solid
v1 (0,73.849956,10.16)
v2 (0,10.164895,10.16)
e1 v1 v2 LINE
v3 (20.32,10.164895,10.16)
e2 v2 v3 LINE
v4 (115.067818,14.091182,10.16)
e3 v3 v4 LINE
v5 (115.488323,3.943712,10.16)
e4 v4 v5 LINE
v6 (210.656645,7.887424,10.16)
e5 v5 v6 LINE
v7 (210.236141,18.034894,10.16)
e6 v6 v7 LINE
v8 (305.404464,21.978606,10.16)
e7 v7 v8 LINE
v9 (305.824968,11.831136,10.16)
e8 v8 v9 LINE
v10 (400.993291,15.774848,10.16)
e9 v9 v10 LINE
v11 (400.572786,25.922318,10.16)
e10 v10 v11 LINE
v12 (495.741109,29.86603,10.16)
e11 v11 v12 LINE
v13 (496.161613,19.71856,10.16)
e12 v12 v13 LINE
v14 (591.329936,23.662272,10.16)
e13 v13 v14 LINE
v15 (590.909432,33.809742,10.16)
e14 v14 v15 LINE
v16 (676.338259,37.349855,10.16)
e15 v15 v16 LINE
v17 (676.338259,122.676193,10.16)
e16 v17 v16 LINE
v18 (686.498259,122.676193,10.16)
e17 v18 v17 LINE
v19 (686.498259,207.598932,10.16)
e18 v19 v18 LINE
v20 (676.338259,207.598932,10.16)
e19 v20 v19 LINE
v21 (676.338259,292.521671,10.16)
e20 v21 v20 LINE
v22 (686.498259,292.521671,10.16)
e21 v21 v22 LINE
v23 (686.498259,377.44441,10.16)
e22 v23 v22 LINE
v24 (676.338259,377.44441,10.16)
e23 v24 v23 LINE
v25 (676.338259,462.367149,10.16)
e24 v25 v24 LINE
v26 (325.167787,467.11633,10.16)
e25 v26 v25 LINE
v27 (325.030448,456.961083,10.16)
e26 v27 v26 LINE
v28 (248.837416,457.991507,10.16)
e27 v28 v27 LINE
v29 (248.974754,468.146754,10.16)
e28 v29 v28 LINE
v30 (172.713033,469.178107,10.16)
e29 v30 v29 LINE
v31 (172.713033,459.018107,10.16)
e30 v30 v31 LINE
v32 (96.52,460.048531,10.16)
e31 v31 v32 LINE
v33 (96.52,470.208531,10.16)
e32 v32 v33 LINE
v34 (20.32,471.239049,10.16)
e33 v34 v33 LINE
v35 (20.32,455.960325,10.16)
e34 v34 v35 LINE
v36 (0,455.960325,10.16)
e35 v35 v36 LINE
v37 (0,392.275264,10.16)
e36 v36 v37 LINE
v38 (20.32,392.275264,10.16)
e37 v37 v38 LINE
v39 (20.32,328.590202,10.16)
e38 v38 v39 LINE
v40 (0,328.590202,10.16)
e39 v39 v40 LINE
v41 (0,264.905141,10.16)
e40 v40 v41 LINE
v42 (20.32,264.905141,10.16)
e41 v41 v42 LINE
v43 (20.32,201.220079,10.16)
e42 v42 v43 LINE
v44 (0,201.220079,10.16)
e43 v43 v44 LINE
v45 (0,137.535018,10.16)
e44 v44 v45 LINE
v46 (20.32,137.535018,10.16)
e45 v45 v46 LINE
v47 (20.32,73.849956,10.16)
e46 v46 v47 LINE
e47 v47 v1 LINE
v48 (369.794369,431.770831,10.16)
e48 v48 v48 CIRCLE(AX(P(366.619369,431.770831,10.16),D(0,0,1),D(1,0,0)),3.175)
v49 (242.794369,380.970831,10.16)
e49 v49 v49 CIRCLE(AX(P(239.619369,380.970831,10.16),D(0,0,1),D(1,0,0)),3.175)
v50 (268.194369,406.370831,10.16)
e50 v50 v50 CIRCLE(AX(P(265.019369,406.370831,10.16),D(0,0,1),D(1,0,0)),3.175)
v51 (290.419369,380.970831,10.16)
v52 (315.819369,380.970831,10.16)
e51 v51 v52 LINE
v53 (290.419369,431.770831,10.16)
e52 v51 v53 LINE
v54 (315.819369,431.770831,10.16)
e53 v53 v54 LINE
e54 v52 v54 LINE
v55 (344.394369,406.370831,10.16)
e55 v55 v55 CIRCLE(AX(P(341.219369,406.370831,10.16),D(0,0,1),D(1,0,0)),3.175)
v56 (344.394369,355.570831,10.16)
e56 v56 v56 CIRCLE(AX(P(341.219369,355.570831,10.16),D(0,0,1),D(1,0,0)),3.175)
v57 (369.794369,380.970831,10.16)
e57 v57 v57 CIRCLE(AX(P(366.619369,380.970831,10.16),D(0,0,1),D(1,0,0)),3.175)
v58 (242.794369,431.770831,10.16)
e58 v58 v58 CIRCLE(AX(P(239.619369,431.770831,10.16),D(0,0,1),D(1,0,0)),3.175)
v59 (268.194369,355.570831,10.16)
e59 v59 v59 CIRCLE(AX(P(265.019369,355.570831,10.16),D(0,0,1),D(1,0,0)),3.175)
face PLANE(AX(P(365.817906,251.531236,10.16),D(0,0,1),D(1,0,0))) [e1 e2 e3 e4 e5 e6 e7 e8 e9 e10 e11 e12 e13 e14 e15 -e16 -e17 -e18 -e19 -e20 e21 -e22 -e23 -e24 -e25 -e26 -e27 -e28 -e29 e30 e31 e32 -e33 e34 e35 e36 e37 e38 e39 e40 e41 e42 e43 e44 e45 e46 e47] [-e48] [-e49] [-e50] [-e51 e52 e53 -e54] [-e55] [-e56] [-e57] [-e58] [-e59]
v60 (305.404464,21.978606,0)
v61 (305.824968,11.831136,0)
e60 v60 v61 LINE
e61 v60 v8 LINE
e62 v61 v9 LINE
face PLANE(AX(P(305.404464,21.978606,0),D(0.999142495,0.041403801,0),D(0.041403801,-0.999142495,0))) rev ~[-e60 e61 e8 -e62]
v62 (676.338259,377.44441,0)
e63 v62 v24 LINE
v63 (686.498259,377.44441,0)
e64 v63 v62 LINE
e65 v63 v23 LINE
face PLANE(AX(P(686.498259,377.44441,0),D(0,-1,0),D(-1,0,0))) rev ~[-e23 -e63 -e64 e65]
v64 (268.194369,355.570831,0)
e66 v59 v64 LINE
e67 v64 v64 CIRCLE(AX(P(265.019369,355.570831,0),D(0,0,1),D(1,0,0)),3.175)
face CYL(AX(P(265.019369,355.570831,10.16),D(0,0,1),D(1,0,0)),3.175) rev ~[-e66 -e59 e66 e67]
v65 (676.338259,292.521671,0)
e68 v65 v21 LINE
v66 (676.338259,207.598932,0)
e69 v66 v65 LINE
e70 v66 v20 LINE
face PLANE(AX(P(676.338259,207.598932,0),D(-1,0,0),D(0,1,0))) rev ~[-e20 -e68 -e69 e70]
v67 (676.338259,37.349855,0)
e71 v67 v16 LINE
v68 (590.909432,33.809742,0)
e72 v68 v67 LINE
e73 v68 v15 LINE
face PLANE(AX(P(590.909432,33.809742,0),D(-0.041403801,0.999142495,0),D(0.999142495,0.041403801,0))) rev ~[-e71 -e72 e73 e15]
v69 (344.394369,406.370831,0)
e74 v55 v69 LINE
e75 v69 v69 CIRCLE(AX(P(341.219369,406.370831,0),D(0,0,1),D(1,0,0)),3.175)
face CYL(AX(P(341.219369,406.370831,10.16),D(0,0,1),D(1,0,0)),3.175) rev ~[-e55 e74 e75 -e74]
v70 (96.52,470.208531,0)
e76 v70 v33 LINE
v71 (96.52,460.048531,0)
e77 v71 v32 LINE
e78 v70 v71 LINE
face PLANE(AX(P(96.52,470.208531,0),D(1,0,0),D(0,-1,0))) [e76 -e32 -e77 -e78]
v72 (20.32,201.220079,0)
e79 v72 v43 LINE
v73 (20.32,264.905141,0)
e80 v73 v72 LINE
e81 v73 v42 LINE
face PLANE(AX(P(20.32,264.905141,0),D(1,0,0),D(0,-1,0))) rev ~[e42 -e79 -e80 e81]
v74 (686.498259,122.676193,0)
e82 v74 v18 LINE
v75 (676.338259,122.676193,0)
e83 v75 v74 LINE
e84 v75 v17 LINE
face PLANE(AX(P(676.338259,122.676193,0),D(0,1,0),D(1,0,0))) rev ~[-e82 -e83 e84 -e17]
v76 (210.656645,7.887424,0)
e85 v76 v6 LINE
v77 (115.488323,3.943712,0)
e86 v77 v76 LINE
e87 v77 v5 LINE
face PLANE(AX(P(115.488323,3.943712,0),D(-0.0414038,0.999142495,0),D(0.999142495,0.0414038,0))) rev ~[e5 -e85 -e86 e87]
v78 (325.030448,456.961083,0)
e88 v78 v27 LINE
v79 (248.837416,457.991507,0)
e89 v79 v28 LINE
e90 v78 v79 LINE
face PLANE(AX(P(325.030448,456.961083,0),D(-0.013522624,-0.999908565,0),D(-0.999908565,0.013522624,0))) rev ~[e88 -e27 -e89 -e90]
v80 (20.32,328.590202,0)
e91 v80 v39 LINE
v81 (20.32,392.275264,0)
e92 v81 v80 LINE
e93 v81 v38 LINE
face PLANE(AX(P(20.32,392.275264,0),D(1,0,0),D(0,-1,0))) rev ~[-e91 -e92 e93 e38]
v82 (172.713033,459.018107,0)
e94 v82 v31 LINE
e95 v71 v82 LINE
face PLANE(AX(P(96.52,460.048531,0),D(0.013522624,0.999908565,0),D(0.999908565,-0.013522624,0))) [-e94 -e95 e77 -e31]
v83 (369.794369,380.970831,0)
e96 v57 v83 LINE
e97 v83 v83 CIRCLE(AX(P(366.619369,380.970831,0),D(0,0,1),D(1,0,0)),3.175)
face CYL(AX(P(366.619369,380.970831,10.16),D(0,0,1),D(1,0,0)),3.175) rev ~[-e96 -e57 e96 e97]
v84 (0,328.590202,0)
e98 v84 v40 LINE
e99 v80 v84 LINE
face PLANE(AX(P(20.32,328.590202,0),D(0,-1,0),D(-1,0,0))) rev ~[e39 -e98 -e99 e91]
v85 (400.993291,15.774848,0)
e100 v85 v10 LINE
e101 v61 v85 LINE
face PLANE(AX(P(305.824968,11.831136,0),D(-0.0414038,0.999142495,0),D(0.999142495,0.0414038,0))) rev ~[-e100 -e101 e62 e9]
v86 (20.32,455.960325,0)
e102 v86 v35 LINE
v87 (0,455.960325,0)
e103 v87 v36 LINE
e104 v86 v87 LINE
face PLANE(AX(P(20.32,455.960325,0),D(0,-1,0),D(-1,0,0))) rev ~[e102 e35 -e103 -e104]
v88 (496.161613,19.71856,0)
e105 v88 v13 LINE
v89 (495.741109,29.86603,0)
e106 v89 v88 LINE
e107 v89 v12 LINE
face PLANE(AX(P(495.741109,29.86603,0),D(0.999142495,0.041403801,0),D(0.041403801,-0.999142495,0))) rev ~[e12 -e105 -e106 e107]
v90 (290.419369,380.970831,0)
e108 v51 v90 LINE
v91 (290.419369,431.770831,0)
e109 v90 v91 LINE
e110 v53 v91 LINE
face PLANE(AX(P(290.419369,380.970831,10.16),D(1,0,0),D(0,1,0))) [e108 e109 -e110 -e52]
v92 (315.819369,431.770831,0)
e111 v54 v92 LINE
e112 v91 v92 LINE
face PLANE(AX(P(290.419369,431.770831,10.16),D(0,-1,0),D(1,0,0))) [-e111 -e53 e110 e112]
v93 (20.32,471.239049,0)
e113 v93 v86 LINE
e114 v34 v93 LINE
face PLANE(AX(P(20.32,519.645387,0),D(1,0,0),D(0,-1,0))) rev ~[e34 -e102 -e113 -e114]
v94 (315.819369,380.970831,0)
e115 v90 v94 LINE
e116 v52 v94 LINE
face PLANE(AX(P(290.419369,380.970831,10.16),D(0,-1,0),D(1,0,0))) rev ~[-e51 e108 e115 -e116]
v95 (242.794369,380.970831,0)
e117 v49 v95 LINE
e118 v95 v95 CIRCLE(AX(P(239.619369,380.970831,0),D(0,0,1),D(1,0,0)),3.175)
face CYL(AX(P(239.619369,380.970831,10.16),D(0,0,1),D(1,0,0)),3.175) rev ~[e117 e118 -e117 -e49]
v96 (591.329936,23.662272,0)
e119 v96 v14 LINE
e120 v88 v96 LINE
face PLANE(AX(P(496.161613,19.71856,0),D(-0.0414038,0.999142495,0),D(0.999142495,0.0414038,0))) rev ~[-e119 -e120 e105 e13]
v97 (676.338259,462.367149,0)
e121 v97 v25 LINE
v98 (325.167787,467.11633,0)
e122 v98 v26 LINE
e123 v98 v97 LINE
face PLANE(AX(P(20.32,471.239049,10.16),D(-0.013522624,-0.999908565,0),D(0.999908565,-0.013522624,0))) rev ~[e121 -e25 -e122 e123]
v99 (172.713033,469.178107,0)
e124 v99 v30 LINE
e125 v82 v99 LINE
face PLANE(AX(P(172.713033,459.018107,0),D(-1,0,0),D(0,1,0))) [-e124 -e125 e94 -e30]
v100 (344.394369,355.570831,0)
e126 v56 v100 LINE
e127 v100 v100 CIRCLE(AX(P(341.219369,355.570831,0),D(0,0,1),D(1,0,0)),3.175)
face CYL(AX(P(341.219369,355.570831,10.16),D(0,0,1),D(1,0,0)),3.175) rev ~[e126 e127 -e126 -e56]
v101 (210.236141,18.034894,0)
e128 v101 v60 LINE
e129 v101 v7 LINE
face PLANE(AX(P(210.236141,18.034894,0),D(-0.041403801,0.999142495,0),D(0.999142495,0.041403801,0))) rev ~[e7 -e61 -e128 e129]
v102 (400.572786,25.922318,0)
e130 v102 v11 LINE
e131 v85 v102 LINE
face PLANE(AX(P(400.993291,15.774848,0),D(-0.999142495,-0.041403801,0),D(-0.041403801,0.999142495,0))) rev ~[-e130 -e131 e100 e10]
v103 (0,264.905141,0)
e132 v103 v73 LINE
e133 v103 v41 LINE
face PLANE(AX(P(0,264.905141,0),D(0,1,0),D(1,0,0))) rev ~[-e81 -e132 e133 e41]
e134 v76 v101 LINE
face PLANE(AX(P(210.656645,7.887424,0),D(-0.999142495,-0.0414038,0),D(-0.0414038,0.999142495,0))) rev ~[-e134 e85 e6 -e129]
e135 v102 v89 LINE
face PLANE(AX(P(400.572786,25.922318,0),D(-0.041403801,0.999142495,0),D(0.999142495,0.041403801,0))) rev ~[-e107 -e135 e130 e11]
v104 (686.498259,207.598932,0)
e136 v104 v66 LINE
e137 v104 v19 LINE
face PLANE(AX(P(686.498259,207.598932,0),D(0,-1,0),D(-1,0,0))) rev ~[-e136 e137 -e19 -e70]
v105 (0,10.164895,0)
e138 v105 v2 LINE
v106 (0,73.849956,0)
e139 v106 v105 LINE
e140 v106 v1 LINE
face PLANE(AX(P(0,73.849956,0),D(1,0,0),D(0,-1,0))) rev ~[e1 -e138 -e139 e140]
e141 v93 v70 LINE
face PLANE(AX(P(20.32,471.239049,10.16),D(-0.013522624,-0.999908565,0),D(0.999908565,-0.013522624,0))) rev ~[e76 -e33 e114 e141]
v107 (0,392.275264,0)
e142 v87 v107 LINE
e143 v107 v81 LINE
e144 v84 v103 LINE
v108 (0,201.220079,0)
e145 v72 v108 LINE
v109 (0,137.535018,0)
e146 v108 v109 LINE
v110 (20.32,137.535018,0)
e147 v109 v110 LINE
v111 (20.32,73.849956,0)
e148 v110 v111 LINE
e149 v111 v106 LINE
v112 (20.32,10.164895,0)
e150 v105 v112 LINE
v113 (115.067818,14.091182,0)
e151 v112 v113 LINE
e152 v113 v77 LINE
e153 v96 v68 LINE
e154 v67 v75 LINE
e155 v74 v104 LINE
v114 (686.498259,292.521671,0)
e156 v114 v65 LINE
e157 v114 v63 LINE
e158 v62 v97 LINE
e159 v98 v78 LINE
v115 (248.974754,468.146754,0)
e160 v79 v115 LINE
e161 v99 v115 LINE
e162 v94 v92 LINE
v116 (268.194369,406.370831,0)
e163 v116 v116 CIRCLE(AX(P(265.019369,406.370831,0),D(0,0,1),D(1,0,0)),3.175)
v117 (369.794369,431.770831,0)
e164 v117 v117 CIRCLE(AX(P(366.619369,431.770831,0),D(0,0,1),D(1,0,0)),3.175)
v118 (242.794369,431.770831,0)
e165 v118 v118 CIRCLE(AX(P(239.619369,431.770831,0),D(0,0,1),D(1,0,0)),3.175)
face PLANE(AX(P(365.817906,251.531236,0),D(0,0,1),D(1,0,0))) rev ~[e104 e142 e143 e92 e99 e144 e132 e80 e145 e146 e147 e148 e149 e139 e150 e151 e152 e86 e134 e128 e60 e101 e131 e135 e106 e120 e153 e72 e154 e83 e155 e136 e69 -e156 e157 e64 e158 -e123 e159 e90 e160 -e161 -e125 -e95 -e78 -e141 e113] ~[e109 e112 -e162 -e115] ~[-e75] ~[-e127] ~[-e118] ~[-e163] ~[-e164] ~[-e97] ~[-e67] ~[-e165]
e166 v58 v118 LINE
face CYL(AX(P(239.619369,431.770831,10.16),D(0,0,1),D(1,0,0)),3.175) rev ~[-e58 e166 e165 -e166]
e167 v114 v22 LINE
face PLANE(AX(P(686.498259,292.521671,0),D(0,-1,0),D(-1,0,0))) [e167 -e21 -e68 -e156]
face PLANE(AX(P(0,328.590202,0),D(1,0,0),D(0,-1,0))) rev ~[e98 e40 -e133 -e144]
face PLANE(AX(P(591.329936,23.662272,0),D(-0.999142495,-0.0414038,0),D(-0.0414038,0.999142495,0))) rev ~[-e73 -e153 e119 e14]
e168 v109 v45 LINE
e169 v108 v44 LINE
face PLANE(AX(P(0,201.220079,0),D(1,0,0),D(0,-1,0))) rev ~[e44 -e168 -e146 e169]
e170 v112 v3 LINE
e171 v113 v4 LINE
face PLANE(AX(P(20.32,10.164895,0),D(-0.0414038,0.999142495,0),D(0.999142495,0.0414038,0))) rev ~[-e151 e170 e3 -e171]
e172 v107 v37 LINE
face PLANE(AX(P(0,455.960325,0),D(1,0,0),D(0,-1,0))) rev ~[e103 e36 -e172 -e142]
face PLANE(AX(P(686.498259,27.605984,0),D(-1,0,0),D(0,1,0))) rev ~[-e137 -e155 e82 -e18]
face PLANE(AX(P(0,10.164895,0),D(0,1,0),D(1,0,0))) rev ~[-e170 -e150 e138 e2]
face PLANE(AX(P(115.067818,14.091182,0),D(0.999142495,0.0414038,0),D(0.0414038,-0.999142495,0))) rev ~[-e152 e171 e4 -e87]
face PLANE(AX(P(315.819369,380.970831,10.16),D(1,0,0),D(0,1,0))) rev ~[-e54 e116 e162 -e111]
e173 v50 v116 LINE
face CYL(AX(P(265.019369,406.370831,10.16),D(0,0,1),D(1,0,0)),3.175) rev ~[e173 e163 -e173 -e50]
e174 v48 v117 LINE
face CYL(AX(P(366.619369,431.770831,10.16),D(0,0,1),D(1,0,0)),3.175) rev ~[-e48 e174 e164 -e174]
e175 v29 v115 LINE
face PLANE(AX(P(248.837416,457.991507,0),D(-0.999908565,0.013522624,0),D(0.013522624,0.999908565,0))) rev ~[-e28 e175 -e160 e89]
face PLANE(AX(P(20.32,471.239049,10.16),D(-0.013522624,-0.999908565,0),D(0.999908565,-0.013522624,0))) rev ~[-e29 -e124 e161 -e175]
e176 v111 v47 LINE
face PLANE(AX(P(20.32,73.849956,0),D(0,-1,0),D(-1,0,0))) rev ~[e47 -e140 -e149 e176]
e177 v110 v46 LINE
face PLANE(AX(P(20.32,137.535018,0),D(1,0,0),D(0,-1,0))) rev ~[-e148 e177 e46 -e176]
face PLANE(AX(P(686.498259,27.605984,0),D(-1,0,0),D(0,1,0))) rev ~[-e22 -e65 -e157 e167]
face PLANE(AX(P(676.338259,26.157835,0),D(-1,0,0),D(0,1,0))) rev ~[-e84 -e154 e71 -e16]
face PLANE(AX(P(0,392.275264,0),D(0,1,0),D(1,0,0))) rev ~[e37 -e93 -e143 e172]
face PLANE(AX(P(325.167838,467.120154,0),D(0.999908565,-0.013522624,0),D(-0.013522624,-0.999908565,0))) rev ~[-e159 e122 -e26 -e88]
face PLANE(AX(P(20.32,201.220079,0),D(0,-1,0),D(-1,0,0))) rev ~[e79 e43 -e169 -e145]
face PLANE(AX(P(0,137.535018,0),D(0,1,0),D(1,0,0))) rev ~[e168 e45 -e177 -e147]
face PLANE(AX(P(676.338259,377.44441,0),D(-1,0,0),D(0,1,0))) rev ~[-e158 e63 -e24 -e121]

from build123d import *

# Parameters (mm, degrees)
BOSS_EXTRUDE1_DEPTH = 10.16
CUT_EXTRUDE1_DEPTH  = 11.16
SKETCH4_W           = 129.547530324
SKETCH4_H           = 444.037072
CUT_EXTRUDE3_DEPTH  = 11.16
SKETCH5_W           = 10.16
SKETCH5_H           = 84.922739191
CUT_EXTRUDE5_DEPTH  = 11.16
CUT_EXTRUDE6_DEPTH  = 11.16
SKETCH11_R          = 3.175
SKETCH11_W          = 25.4
SKETCH11_H          = 50.8
CUT_EXTRUDE8_DEPTH  = 11.16


with BuildPart() as part:
    # Sketch1 → Boss-Extrude1 (new body)
    with BuildSketch(Plane.XY):
        with BuildLine():
            Line((20.32, 73.849956434), (0, 73.849956434))
            Line((0, 73.849956434), (0, 10.164894956))
            Line((0, 10.164894956), (20.32, 10.164894956))
            Line((20.32, 10.164894956), (115.06781826, 14.091181531))
            Line((115.06781826, 14.091181531), (115.488322648, 3.943711998))
            Line((115.488322648, 3.943711998), (210.656645296, 7.887423995))
            Line((210.656645296, 7.887423995), (210.236140908, 18.034893528))
            Line((210.236140908, 18.034893528), (305.404463556, 21.978605526))
            Line((305.404463556, 21.978605526), (305.824967945, 11.831135993))
            Line((305.824967945, 11.831135993), (400.993290593, 15.77484799))
            Line((400.993290593, 15.77484799), (400.572786204, 25.922317523))
            Line((400.572786204, 25.922317523), (495.741108852, 29.866029521))
            Line((495.741108852, 29.866029521), (496.161613241, 19.718559988))
            Line((496.161613241, 19.718559988), (591.329935889, 23.662271985))
            Line((591.329935889, 23.662271985), (590.909431501, 33.809741518))
            Line((590.909431501, 33.809741518), (686.077754149, 37.753453516))
            Line((686.077754149, 37.753453516), (686.498258538, 27.605983983))
            Line((686.498258538, 27.605983983), (781.666581186, 31.54969598))
            Line((781.666581186, 31.54969598), (781.246076797, 41.697165514))
            Line((781.246076797, 41.697165514), (781.246076797, 471.95159927))
            ThreePointArc((781.246076797, 471.95159927), (401.049995582, 500.057636465), (20.32, 519.645386783))
            Line((20.32, 519.645386783), (20.32, 455.960325305))
            Line((20.32, 455.960325305), (0, 455.960325305))
            Line((0, 455.960325305), (0, 392.275263826))
            Line((0, 392.275263826), (20.32, 392.275263826))
            Line((20.32, 392.275263826), (20.32, 328.590202348))
            Line((20.32, 328.590202348), (0, 328.590202348))
            Line((0, 328.590202348), (0, 264.905140869))
            Line((0, 264.905140869), (20.32, 264.905140869))
            Line((20.32, 264.905140869), (20.32, 201.220079391))
            Line((20.32, 201.220079391), (0, 201.220079391))
            Line((0, 201.220079391), (0, 137.535017912))
            Line((0, 137.535017912), (20.32, 137.535017912))
            Line((20.32, 137.535017912), (20.32, 73.849956434))
        make_face()
    extrude(amount=BOSS_EXTRUDE1_DEPTH)

    # Sketch2 → Cut-Extrude1 (cut, through all)
    with BuildSketch(Plane.XY.offset(10.16)):
        Polygon((20.32, 471.23904919), (781.246076797, 460.948390721), (781.246076797, 535.017906983), (20.32, 535.017906983), align=None)
    extrude(amount=-CUT_EXTRUDE1_DEPTH, mode=Mode.SUBTRACT)

    # Sketch4 → Cut-Extrude3 (cut, through all)
    with BuildSketch(Plane(origin=(0, 0, 0), x_dir=(-1, 0, 0), z_dir=(0, 0, -1))):
        with Locations((-751.2720237, 249.624519983)):
            Rectangle(SKETCH4_W, SKETCH4_H)
    extrude(amount=-CUT_EXTRUDE3_DEPTH, mode=Mode.SUBTRACT)

    # Sketch5 → Cut-Extrude5 (cut, through all)
    with BuildSketch(Plane(origin=(0, 0, 0), x_dir=(-1, 0, 0), z_dir=(0, 0, -1))):
        Polygon((-686.498258538, 122.676192707), (-686.498258538, 37.753453516), (-686.077754149, 37.753453516), (-676.338258538, 37.753453516), (-676.338258538, 122.676192707), align=None)
        with Locations((-681.418258538, 250.060301493)):
            Rectangle(SKETCH5_W, SKETCH5_H)
        Polygon((-686.498258538, 462.229747042), (-686.498258538, 377.444410279), (-676.338258538, 377.444410279), (-676.338258538, 462.367149469), align=None)
        Polygon((-676.338258538, 37.349855295), (-686.077754149, 37.753453516), (-686.498258538, 27.605983983), (-686.498258538, 26.157835014), (-676.338258538, 26.157835014), align=None)
        Polygon((-686.077754149, 37.753453516), (-686.498258538, 37.753453516), (-686.498258538, 27.605983983), align=None)
        Polygon((-676.338258538, 37.753453516), (-686.077754149, 37.753453516), (-676.338258538, 37.349855295), align=None)
    extrude(amount=-CUT_EXTRUDE5_DEPTH, mode=Mode.SUBTRACT)

    # Sketch9 → Cut-Extrude6 (cut, through all)
    with BuildSketch(Plane(origin=(0, 0, 0), x_dir=(-1, 0, 0), z_dir=(0, 0, -1))):
        Polygon((-248.83741583, 457.991507139), (-248.974805694, 468.150578161), (-325.167838357, 467.12015418), (-325.030448493, 456.961083159), align=None)
        Polygon((-96.52, 470.208530984), (-96.52, 460.048530984), (-172.713032663, 459.018107004), (-172.713032663, 469.178107004), align=None)
    extrude(amount=-CUT_EXTRUDE6_DEPTH, mode=Mode.SUBTRACT)

    # Sketch11 → Cut-Extrude8 (cut, through all)
    with BuildSketch(Plane.XY.offset(10.16)):
        with Locations((366.619369126, 431.770831078)):
            Circle(SKETCH11_R)
        with Locations((366.619369126, 380.970831078)):
            Circle(SKETCH11_R)
        with Locations((239.619369126, 431.770831078)):
            Circle(SKETCH11_R)
        with Locations((239.619369126, 380.970831078)):
            Circle(SKETCH11_R)
        with Locations((265.019369126, 406.370831078)):
            Circle(SKETCH11_R)
        with Locations((341.219369126, 406.370831078)):
            Circle(SKETCH11_R)
        with Locations((265.019369126, 355.570831078)):
            Circle(SKETCH11_R)
        with Locations((341.219369126, 355.570831078)):
            Circle(SKETCH11_R)
        with Locations((303.119369126, 406.370831078)):
            Rectangle(SKETCH11_W, SKETCH11_H)
    extrude(amount=-CUT_EXTRUDE8_DEPTH, mode=Mode.SUBTRACT)


solid = part.part
